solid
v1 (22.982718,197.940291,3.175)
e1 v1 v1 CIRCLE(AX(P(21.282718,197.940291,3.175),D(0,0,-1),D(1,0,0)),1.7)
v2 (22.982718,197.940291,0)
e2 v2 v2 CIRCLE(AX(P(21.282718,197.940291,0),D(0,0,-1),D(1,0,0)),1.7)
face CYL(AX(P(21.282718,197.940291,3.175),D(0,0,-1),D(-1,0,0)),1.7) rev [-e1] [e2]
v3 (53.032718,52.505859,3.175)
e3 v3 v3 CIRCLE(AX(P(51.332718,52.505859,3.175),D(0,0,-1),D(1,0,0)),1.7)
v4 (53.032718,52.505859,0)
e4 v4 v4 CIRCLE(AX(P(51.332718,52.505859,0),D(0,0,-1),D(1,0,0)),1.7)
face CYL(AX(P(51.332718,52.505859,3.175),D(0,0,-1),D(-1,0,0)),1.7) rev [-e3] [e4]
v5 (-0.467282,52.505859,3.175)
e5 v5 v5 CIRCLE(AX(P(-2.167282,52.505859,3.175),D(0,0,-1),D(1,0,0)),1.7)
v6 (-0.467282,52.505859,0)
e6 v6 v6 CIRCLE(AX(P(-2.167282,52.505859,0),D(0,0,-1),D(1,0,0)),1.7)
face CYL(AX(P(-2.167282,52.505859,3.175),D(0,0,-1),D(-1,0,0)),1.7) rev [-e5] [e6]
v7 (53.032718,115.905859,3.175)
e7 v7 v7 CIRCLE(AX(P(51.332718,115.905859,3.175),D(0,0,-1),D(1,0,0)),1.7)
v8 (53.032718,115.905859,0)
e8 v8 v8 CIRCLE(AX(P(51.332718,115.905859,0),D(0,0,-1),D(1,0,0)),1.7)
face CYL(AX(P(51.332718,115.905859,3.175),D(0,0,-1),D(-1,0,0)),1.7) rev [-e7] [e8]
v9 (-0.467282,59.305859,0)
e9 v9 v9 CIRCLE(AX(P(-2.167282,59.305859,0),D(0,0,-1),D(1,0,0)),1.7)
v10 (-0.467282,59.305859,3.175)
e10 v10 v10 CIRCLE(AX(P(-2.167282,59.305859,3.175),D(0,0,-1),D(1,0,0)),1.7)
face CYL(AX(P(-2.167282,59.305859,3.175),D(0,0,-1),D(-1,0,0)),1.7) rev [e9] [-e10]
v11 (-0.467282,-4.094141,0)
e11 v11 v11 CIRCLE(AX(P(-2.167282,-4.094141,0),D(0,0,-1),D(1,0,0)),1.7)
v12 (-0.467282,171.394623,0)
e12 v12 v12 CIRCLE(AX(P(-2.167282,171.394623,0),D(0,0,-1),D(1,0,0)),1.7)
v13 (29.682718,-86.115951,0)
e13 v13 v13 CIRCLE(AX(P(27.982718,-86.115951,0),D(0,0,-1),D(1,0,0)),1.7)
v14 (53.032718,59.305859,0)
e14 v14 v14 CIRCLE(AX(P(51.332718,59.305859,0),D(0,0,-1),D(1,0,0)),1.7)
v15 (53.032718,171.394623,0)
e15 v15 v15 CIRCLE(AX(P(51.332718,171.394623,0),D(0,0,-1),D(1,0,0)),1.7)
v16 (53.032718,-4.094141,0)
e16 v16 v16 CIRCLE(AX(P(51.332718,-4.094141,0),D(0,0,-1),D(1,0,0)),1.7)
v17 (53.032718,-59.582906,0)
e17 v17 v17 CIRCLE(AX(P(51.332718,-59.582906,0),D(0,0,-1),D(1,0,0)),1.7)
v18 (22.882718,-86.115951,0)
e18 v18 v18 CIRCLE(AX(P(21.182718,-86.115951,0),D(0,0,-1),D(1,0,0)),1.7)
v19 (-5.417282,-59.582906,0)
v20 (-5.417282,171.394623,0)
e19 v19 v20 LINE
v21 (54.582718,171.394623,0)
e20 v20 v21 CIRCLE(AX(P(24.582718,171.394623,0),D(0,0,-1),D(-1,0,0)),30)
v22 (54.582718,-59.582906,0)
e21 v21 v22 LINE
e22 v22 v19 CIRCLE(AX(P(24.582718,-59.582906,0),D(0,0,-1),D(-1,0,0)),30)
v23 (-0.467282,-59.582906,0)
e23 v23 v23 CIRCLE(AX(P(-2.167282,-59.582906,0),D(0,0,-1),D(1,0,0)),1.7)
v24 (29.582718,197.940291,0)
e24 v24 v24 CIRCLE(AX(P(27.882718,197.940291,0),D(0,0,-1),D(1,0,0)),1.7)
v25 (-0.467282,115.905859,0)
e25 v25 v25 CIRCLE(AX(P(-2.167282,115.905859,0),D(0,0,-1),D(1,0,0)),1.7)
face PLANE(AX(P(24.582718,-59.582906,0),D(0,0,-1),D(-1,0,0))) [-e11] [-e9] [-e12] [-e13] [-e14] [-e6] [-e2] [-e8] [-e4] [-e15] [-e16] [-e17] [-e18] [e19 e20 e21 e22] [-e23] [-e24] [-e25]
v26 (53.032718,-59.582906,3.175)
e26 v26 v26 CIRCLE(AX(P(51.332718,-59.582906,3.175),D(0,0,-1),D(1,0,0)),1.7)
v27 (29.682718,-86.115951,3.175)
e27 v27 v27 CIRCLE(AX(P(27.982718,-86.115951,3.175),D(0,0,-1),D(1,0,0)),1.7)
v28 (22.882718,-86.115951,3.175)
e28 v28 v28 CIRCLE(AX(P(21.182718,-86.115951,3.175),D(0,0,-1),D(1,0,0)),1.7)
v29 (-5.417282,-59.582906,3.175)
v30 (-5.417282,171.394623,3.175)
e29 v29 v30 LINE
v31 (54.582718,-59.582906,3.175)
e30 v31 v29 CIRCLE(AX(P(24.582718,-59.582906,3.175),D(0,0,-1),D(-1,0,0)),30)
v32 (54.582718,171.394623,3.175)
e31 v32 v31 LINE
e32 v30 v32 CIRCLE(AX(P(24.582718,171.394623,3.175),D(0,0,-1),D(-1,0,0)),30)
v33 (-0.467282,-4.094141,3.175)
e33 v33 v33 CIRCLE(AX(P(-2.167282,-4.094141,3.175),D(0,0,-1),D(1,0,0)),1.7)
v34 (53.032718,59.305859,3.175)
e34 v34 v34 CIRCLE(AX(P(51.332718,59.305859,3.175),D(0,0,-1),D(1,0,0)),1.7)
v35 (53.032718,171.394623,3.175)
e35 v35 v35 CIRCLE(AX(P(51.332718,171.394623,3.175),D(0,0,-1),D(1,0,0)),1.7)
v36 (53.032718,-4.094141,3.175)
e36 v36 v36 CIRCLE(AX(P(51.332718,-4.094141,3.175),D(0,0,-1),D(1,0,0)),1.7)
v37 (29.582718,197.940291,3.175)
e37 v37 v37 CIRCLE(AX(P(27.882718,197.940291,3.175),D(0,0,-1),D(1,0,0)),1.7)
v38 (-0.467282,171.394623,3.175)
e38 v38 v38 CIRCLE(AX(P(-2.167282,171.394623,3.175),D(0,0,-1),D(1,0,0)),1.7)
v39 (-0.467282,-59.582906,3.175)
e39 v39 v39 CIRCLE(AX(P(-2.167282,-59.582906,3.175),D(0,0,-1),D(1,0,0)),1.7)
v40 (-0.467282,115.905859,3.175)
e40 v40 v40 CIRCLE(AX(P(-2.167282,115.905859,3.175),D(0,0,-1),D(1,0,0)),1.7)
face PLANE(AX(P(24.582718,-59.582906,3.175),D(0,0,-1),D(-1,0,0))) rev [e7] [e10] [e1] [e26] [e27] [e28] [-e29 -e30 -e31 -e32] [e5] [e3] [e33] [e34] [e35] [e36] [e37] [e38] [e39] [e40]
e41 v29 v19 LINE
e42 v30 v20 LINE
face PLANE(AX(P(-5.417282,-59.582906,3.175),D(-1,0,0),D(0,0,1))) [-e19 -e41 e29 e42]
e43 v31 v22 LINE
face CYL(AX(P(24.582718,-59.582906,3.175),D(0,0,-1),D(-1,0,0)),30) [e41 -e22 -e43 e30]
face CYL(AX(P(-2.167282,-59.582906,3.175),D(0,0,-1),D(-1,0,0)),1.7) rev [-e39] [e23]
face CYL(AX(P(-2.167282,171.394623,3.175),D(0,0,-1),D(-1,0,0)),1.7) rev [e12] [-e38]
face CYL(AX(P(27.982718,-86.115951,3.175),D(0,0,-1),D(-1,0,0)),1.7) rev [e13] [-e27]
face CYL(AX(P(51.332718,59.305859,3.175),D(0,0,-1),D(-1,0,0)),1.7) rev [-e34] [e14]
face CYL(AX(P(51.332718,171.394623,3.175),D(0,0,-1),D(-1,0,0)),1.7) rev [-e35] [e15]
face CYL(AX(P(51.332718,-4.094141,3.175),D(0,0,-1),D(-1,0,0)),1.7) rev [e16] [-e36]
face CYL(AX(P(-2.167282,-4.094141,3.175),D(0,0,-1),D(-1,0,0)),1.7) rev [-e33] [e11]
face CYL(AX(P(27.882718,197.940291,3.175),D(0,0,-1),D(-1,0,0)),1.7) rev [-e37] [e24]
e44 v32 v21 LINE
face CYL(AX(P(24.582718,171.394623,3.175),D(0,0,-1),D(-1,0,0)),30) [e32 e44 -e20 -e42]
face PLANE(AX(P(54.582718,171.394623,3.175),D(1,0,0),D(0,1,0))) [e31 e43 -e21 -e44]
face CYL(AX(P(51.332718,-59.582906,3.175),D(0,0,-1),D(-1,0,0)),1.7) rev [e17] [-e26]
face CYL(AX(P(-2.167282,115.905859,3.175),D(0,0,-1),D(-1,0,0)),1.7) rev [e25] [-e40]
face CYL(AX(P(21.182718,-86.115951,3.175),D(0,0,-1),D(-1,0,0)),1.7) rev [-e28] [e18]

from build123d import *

# Parameters (mm, degrees)
SKETCH1_R           = 1.7
BOSS_EXTRUDE1_DEPTH = 3.175


with BuildPart() as part:
    # Sketch1 → Boss-Extrude1 (new body)
    with BuildSketch(Plane(origin=(0, 0, 0), x_dir=(-1, 0, 0), z_dir=(0, 0, -1))):
        with BuildLine():
            Line((5.417282063, -59.58290593), (5.417282063, 171.394622999))
            ThreePointArc((5.417282063, 171.394622999), (-24.582717937, 201.394622999), (-54.582717937, 171.394622999))
            Line((-54.582717937, 171.394622999), (-54.582717937, -59.58290593))
            ThreePointArc((-54.582717937, -59.58290593), (-24.582717937, -89.58290593), (5.417282063, -59.58290593))
        make_face()
        with Locations((2.167282063, 52.505858535)):
            Circle(SKETCH1_R, mode=Mode.SUBTRACT)
        with Locations((-51.332717937, 59.305858535)):
            Circle(SKETCH1_R, mode=Mode.SUBTRACT)
        with Locations((-51.332717937, 52.505858535)):
            Circle(SKETCH1_R, mode=Mode.SUBTRACT)
        with Locations((-21.282717937, 197.940291196)):
            Circle(SKETCH1_R, mode=Mode.SUBTRACT)
        with Locations((2.167282063, -4.094141465)):
            Circle(SKETCH1_R, mode=Mode.SUBTRACT)
        with Locations((-51.332717937, -4.094141465)):
            Circle(SKETCH1_R, mode=Mode.SUBTRACT)
        with Locations((-51.332717937, -59.58290593)):
            Circle(SKETCH1_R, mode=Mode.SUBTRACT)
        with Locations((2.167282063, 115.905858535)):
            Circle(SKETCH1_R, mode=Mode.SUBTRACT)
        with Locations((-51.332717937, 115.905858535)):
            Circle(SKETCH1_R, mode=Mode.SUBTRACT)
        with Locations((2.167282063, 171.394622999)):
            Circle(SKETCH1_R, mode=Mode.SUBTRACT)
        with Locations((-27.982717937, -86.115951364)):
            Circle(SKETCH1_R, mode=Mode.SUBTRACT)
        with Locations((2.167282063, 59.305858535)):
            Circle(SKETCH1_R, mode=Mode.SUBTRACT)
        with Locations((-51.332717937, 171.394622999)):
            Circle(SKETCH1_R, mode=Mode.SUBTRACT)
        with Locations((-21.182717937, -86.115951364)):
            Circle(SKETCH1_R, mode=Mode.SUBTRACT)
        with Locations((2.167282063, -59.58290593)):
            Circle(SKETCH1_R, mode=Mode.SUBTRACT)
        with Locations((-27.882717937, 197.940291196)):
            Circle(SKETCH1_R, mode=Mode.SUBTRACT)
    extrude(amount=-BOSS_EXTRUDE1_DEPTH)


solid = part.part
